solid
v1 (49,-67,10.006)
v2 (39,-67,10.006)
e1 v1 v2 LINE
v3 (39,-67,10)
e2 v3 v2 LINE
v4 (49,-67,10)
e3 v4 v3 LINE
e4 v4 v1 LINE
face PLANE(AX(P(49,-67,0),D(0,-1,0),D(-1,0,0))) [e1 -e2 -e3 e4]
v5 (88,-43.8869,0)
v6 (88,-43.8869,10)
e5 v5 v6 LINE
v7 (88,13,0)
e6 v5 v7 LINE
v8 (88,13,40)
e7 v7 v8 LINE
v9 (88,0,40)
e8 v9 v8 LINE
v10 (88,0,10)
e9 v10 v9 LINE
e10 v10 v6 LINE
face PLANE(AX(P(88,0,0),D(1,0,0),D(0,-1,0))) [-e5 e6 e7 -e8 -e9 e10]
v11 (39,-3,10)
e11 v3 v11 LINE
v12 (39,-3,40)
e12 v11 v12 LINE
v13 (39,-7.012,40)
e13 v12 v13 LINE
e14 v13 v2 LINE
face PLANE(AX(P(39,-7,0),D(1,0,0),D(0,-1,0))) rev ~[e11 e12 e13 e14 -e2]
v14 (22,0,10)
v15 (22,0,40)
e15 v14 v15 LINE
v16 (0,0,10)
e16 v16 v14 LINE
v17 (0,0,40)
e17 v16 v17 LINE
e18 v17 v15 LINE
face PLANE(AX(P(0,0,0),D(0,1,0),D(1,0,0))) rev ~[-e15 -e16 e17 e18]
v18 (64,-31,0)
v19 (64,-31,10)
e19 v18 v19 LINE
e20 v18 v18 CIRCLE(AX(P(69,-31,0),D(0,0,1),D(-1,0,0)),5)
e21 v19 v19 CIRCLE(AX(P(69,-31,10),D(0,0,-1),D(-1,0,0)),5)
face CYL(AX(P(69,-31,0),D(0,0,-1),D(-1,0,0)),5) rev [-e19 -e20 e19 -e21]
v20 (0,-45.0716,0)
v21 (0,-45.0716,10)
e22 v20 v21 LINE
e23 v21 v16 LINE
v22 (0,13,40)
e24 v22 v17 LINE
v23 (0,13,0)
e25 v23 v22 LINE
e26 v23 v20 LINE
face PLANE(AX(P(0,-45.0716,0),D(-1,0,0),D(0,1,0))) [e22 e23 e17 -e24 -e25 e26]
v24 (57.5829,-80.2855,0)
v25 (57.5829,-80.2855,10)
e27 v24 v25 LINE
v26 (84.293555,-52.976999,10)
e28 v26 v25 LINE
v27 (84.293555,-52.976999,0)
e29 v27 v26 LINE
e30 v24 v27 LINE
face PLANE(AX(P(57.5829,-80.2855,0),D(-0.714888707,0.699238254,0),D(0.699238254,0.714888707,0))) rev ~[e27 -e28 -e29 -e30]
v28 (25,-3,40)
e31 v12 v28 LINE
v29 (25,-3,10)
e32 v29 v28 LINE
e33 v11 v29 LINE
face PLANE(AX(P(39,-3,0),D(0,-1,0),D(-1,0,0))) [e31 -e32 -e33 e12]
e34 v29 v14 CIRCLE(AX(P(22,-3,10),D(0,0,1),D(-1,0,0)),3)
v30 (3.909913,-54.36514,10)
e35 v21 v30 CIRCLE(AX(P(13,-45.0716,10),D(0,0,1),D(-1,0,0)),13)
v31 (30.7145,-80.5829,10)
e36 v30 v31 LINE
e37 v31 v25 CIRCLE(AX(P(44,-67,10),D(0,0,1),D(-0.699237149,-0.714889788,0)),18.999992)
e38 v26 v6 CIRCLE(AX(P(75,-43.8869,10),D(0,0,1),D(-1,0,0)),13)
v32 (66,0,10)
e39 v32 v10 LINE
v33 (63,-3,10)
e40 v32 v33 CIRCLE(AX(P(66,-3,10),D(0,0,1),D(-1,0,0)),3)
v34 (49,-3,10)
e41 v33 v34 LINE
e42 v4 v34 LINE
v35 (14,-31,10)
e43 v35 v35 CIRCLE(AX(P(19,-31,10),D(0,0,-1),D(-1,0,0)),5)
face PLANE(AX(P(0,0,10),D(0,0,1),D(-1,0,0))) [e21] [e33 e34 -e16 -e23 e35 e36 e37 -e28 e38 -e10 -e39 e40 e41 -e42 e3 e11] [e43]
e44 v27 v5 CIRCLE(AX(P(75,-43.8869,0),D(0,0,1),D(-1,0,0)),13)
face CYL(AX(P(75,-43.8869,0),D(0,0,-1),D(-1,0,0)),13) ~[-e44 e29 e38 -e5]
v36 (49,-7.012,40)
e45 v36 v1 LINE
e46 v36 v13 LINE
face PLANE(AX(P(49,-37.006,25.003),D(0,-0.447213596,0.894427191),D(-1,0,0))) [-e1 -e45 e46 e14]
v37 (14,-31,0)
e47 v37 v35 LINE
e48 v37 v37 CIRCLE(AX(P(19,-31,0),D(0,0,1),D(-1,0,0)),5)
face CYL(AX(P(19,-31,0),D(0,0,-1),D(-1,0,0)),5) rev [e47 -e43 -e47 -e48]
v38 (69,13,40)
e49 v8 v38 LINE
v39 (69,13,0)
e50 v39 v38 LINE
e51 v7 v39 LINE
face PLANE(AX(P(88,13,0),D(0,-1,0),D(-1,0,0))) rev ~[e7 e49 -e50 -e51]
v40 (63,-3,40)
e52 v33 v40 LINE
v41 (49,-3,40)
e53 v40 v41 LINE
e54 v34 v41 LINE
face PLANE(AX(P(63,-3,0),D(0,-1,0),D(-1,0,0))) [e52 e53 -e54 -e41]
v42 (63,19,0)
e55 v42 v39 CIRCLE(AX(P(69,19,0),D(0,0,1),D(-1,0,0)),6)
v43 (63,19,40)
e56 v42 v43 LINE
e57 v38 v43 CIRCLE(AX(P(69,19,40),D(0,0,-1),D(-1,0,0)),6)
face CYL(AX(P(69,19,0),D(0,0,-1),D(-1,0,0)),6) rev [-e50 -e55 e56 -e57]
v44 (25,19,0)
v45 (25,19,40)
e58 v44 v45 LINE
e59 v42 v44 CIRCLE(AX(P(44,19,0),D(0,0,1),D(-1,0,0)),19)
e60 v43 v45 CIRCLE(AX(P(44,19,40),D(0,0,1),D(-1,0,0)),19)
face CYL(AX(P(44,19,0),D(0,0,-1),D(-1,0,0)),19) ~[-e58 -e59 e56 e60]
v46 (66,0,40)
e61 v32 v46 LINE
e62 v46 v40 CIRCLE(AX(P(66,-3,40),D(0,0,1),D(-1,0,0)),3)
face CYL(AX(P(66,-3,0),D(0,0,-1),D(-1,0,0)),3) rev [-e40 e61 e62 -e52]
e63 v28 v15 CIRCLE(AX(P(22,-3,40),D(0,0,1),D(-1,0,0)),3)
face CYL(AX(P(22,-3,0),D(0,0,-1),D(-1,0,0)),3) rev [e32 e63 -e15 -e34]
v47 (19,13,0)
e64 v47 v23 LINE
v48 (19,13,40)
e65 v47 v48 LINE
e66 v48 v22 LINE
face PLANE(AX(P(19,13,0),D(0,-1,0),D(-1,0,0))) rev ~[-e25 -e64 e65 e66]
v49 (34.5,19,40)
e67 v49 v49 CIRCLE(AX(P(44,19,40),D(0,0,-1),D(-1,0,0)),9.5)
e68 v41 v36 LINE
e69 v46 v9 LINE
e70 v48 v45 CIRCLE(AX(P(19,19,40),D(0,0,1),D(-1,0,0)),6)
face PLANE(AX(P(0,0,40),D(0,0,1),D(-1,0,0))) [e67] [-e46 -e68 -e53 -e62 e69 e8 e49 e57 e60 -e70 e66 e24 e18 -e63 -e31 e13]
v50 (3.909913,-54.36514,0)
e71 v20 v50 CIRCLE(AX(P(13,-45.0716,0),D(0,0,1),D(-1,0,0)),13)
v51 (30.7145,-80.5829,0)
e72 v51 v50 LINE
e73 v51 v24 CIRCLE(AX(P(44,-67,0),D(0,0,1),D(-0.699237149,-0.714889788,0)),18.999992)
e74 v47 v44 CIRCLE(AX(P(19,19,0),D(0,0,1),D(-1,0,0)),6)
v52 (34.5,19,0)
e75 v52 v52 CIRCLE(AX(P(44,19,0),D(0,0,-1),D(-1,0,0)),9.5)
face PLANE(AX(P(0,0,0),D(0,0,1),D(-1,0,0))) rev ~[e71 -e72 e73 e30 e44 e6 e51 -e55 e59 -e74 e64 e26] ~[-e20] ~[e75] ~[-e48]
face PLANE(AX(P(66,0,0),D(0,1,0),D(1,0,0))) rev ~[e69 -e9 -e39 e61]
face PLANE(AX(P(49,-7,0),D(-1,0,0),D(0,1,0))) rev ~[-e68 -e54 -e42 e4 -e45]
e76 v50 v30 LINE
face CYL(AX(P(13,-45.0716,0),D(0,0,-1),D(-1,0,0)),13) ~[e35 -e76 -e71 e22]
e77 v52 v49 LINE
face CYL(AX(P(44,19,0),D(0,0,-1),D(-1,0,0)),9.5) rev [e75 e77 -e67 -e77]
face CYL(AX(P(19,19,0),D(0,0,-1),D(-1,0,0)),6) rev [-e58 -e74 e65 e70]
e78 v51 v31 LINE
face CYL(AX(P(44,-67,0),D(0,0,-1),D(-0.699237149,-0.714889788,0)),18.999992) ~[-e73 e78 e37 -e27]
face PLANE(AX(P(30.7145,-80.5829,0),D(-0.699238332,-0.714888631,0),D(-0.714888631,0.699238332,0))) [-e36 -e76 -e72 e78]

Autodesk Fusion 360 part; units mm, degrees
sketch "Sketch" plane through (0, 0, 0) normal (0, 0, 1) x (-1, 0, 0)
  line L0 (-88, 67) -> (0, 67)
  line L1 (0, 67) -> (0, 0)
  line L2 (0, 0) -> (-88, 0)
  line L3 (-88, 0) -> (-88, 67)
  circle A0 centre (-19, 31) radius 5
  circle A1 centre (-69, 31) radius 5
  line L4 (-44, 67) -> (-30.7145, 80.5829) construction
  arc A2 (-30.7145, 80.5829) -> (-57.5829, 80.2855) centre (-44, 67) ccw
  line L5 (-44, 67) -> (-57.5829, 80.2855) construction
  line L6 (-44, 67) -> (-30.7145, 80.5829) construction
  line L7 (-30.7145, 80.5829) -> (0, 50.5408)
  line L8 (-57.5829, 80.2855) -> (-88, 49.1876)
  circle A3 centre (-13, 45.0716) radius 13
  circle A4 centre (-75, 43.8869) radius 13
  line L9 (0, 0) -> (-88, 0)
  line L10 (-63, 3) -> (-25, 3)
  circle A5 centre (-22, 3) radius 3
  circle A6 centre (-66, 3) radius 3
  line L11 (-25, 3) -> (-63, 3)
  line L12 (0, -13) -> (0, 0)
  line L13 (-88, -13) -> (0, -13)
  line L14 (0, 0) -> (-88, 0)
  line L15 (-88, 0) -> (-88, -13)
  line L16 (-44, 67) -> (-39, 67)
  line L17 (-39, 67) -> (-49, 67)
  line L18 (-39, 3) -> (-39, 67)
  line L19 (-49, 67) -> (-49, 3)
  line L20 (-49, 3) -> (-39, 3)
  line L21 (-49, 3) -> (-49, 7)
  line L22 (-39, 3) -> (-49, 3)
  line L23 (-39, 7) -> (-39, 3)
  line L24 (-49, 7) -> (-39, 7)
  circle A7 centre (-44, -19) radius 9.5
  circle A8 centre (-44, -19) radius 19
  line L25 (-44, -13) -> (-44, -19)
  line L26 (0, -13) -> (-44, -13)
  circle A9 centre (-19, -19) radius 6
  line L27 (-44, -13) -> (-44, -19)
  line L28 (-88, -13) -> (-44, -13)
  circle A10 centre (-69, -19) radius 6
  point P0 (-70.5776, 67)
  point P1 (-16.8276, 67)
  dimension "d1" = 67
  dimension "d6" = 10
  dimension "d7" = 10
  dimension "d11" = 19
  dimension "d12" = 50
  dimension "d13" = 13
  dimension "d14" = 13
  dimension "d15" = 88
  dimension "d25" = 31
  dimension "d30" = 3
  dimension "d31" = 3
  dimension "d32" = 38
  dimension "d33" = 13
  dimension "d35" = 64
  dimension "d36" = 10
  dimension "d37" = 4
  dimension "d39" = 19
  dimension "d40" = 19
  dimension "d41" = 38
  dimension "d42" = 6
  dimension "d43" = 6
extrude "Extrude2" add sketch "Sketch" along normal blind 10 contours L0 A2 L7 L8 L16 L17 | L0 L2 L3 A1 L8 A4 L9 L10 A6 L11 L14 L19 L21 | L0 L1 L2 A0 L7 A3 L9 L10 A5 L11 L14 L18 L23 | A1 A4 | A6 | A0 A3 | A5 picked at (-77.2796, 48.9706) picked at (-10.783, 49.7865)
extrude "Extrude3" add sketch "Sketch" along normal blind 40 contours L0 L16 L17 L18 L19 L24
chamfer "Chamfer1" distance 60 distance2 30 1 edges at (44, -67, 40) measured on face at (45.6667, -47, 40)
extrude "Extrude4" add sketch "Sketch" along normal blind 40 contours L10 L11 L18 L19 L20 L21 L22 L23 L24 | L2 L9 L10 A5 A6 L11 L14 L20 L22 | L2 L9 L13 L14 L15 A8 L28 | L2 L9 L12 L13 L14 A8 L26 | L13 A7 A8 L26 L28 | L13 A8 L28 A10 | A10 | L13 A7 A8 L26 L28 | L13 A8 L26 A9
extrude "Extrude5" cut sketch "Sketch" along normal blind 50 contours A10
